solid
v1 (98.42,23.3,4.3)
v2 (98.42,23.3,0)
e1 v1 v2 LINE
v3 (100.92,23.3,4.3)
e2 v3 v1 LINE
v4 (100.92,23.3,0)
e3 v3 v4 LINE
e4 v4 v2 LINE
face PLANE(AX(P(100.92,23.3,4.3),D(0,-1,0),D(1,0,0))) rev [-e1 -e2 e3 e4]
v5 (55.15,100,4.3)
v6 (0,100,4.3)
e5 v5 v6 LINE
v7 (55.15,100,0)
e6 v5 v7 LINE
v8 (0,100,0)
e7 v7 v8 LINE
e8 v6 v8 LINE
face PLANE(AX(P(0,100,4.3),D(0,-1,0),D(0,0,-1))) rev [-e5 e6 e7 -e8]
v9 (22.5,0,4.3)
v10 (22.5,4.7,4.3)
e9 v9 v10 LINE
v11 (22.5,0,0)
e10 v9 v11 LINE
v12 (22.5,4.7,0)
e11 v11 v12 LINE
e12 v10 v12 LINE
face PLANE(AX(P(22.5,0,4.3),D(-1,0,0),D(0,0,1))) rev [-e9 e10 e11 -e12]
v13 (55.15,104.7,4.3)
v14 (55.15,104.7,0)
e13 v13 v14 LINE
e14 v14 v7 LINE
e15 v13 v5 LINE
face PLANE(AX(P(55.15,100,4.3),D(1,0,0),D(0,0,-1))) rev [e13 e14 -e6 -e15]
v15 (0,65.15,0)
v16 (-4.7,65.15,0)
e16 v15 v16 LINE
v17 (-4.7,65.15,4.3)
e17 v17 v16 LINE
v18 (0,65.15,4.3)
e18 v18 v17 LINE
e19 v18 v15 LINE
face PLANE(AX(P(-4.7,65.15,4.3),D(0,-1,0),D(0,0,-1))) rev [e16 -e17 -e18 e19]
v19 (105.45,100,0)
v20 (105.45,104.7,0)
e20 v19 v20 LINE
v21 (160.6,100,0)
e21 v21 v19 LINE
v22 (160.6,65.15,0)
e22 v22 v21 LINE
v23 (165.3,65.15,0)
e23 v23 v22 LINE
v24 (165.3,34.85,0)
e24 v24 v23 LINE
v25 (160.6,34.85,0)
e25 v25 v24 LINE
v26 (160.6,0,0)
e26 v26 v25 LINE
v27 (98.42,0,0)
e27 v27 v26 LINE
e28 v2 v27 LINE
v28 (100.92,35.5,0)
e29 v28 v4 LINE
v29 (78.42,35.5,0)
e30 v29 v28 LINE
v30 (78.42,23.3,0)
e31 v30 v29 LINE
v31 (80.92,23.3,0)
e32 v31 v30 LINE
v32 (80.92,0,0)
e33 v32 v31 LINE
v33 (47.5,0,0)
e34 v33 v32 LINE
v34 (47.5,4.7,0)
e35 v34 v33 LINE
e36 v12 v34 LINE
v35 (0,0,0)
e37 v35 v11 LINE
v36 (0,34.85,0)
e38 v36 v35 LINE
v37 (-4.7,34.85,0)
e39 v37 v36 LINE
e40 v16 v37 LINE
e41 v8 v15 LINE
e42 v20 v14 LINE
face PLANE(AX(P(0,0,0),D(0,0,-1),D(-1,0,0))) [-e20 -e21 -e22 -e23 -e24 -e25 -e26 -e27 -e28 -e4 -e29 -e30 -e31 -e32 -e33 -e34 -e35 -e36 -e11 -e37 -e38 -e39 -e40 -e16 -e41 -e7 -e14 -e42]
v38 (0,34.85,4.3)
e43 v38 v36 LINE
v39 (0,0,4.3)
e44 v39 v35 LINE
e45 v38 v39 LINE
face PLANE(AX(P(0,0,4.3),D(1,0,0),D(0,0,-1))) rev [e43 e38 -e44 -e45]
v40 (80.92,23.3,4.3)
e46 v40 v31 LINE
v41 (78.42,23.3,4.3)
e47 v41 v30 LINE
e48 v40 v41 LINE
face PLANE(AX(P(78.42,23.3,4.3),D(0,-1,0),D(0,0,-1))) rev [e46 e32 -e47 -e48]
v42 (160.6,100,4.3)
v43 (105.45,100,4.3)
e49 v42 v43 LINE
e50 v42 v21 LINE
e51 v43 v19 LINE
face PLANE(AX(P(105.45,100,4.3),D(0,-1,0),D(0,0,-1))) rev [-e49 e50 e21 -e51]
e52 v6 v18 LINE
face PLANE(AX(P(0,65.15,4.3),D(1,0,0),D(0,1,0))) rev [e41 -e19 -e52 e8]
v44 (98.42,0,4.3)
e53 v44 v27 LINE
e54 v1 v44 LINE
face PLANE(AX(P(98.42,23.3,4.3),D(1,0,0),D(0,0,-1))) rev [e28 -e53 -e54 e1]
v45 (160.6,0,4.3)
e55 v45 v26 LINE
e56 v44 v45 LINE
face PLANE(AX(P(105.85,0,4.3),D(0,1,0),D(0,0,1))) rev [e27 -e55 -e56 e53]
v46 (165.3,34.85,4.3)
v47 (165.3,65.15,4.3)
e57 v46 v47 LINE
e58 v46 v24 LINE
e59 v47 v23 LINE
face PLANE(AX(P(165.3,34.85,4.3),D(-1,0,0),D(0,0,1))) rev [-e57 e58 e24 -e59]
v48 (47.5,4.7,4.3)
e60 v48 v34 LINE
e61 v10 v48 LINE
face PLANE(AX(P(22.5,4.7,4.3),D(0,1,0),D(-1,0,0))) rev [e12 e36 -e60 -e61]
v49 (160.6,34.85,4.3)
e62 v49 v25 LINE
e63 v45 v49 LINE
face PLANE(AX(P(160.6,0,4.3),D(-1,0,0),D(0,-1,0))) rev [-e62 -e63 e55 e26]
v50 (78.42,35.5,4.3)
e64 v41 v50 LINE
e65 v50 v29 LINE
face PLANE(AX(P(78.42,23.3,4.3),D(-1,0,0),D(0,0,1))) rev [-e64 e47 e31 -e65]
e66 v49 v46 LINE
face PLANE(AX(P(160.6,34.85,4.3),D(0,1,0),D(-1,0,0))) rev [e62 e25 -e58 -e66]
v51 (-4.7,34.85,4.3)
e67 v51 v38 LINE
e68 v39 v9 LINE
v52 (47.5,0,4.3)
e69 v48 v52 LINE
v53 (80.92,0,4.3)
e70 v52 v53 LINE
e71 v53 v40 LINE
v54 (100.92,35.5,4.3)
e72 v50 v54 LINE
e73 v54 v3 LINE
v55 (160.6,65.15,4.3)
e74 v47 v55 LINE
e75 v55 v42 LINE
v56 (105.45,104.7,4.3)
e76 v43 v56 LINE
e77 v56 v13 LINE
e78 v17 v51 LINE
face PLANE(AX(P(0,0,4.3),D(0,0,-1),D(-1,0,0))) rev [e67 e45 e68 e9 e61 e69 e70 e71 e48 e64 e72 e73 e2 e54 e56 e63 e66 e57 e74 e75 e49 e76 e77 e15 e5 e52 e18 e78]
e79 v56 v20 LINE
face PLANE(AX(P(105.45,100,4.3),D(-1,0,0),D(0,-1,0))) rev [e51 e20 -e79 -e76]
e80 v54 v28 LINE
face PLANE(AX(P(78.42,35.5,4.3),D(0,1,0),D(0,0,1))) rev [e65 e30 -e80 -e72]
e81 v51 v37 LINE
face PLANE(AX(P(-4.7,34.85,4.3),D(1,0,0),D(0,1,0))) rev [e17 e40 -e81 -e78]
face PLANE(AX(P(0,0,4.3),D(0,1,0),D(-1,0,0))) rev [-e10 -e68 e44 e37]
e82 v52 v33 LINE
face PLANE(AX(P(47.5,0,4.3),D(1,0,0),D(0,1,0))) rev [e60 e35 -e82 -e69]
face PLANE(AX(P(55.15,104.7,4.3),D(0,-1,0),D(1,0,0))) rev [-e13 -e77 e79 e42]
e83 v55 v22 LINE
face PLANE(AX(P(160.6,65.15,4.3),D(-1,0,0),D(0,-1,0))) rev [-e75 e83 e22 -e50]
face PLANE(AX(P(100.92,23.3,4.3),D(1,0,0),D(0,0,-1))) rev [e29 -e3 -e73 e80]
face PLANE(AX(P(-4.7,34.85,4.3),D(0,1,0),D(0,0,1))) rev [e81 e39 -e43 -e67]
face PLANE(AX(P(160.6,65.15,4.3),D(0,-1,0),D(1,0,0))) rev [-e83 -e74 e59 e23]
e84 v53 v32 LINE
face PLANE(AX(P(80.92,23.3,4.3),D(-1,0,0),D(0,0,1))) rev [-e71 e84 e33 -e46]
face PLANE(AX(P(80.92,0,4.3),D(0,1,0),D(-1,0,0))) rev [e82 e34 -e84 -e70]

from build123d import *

# Parameters (mm, degrees)
BOSS_EXTRUDE1_DEPTH = 4.3


with BuildPart() as part:
    # Sketch1 → Boss-Extrude1 (new body)
    with BuildSketch(Plane.XY):
        Polygon((105.85, 0), (160.6, 0), (160.6, 34.85), (165.3, 34.85), (165.3, 65.15), (160.6, 65.15), (160.6, 100), (105.45, 100), (105.45, 104.7), (55.15, 104.7), (55.15, 100), (0, 100), (0, 65.15), (-4.7, 65.15), (-4.7, 34.85), (0, 34.85), (0, 0), (22.5, 0), (22.5, 4.7), (47.5, 4.7), (47.5, 0), (65.85, 0), (80.92, 0), (80.92, 23.3), (78.42, 23.3), (78.42, 35.5), (100.92, 35.5), (100.92, 23.3), (98.42, 23.3), (98.42, 0), align=None)
    extrude(amount=BOSS_EXTRUDE1_DEPTH)


solid = part.part
